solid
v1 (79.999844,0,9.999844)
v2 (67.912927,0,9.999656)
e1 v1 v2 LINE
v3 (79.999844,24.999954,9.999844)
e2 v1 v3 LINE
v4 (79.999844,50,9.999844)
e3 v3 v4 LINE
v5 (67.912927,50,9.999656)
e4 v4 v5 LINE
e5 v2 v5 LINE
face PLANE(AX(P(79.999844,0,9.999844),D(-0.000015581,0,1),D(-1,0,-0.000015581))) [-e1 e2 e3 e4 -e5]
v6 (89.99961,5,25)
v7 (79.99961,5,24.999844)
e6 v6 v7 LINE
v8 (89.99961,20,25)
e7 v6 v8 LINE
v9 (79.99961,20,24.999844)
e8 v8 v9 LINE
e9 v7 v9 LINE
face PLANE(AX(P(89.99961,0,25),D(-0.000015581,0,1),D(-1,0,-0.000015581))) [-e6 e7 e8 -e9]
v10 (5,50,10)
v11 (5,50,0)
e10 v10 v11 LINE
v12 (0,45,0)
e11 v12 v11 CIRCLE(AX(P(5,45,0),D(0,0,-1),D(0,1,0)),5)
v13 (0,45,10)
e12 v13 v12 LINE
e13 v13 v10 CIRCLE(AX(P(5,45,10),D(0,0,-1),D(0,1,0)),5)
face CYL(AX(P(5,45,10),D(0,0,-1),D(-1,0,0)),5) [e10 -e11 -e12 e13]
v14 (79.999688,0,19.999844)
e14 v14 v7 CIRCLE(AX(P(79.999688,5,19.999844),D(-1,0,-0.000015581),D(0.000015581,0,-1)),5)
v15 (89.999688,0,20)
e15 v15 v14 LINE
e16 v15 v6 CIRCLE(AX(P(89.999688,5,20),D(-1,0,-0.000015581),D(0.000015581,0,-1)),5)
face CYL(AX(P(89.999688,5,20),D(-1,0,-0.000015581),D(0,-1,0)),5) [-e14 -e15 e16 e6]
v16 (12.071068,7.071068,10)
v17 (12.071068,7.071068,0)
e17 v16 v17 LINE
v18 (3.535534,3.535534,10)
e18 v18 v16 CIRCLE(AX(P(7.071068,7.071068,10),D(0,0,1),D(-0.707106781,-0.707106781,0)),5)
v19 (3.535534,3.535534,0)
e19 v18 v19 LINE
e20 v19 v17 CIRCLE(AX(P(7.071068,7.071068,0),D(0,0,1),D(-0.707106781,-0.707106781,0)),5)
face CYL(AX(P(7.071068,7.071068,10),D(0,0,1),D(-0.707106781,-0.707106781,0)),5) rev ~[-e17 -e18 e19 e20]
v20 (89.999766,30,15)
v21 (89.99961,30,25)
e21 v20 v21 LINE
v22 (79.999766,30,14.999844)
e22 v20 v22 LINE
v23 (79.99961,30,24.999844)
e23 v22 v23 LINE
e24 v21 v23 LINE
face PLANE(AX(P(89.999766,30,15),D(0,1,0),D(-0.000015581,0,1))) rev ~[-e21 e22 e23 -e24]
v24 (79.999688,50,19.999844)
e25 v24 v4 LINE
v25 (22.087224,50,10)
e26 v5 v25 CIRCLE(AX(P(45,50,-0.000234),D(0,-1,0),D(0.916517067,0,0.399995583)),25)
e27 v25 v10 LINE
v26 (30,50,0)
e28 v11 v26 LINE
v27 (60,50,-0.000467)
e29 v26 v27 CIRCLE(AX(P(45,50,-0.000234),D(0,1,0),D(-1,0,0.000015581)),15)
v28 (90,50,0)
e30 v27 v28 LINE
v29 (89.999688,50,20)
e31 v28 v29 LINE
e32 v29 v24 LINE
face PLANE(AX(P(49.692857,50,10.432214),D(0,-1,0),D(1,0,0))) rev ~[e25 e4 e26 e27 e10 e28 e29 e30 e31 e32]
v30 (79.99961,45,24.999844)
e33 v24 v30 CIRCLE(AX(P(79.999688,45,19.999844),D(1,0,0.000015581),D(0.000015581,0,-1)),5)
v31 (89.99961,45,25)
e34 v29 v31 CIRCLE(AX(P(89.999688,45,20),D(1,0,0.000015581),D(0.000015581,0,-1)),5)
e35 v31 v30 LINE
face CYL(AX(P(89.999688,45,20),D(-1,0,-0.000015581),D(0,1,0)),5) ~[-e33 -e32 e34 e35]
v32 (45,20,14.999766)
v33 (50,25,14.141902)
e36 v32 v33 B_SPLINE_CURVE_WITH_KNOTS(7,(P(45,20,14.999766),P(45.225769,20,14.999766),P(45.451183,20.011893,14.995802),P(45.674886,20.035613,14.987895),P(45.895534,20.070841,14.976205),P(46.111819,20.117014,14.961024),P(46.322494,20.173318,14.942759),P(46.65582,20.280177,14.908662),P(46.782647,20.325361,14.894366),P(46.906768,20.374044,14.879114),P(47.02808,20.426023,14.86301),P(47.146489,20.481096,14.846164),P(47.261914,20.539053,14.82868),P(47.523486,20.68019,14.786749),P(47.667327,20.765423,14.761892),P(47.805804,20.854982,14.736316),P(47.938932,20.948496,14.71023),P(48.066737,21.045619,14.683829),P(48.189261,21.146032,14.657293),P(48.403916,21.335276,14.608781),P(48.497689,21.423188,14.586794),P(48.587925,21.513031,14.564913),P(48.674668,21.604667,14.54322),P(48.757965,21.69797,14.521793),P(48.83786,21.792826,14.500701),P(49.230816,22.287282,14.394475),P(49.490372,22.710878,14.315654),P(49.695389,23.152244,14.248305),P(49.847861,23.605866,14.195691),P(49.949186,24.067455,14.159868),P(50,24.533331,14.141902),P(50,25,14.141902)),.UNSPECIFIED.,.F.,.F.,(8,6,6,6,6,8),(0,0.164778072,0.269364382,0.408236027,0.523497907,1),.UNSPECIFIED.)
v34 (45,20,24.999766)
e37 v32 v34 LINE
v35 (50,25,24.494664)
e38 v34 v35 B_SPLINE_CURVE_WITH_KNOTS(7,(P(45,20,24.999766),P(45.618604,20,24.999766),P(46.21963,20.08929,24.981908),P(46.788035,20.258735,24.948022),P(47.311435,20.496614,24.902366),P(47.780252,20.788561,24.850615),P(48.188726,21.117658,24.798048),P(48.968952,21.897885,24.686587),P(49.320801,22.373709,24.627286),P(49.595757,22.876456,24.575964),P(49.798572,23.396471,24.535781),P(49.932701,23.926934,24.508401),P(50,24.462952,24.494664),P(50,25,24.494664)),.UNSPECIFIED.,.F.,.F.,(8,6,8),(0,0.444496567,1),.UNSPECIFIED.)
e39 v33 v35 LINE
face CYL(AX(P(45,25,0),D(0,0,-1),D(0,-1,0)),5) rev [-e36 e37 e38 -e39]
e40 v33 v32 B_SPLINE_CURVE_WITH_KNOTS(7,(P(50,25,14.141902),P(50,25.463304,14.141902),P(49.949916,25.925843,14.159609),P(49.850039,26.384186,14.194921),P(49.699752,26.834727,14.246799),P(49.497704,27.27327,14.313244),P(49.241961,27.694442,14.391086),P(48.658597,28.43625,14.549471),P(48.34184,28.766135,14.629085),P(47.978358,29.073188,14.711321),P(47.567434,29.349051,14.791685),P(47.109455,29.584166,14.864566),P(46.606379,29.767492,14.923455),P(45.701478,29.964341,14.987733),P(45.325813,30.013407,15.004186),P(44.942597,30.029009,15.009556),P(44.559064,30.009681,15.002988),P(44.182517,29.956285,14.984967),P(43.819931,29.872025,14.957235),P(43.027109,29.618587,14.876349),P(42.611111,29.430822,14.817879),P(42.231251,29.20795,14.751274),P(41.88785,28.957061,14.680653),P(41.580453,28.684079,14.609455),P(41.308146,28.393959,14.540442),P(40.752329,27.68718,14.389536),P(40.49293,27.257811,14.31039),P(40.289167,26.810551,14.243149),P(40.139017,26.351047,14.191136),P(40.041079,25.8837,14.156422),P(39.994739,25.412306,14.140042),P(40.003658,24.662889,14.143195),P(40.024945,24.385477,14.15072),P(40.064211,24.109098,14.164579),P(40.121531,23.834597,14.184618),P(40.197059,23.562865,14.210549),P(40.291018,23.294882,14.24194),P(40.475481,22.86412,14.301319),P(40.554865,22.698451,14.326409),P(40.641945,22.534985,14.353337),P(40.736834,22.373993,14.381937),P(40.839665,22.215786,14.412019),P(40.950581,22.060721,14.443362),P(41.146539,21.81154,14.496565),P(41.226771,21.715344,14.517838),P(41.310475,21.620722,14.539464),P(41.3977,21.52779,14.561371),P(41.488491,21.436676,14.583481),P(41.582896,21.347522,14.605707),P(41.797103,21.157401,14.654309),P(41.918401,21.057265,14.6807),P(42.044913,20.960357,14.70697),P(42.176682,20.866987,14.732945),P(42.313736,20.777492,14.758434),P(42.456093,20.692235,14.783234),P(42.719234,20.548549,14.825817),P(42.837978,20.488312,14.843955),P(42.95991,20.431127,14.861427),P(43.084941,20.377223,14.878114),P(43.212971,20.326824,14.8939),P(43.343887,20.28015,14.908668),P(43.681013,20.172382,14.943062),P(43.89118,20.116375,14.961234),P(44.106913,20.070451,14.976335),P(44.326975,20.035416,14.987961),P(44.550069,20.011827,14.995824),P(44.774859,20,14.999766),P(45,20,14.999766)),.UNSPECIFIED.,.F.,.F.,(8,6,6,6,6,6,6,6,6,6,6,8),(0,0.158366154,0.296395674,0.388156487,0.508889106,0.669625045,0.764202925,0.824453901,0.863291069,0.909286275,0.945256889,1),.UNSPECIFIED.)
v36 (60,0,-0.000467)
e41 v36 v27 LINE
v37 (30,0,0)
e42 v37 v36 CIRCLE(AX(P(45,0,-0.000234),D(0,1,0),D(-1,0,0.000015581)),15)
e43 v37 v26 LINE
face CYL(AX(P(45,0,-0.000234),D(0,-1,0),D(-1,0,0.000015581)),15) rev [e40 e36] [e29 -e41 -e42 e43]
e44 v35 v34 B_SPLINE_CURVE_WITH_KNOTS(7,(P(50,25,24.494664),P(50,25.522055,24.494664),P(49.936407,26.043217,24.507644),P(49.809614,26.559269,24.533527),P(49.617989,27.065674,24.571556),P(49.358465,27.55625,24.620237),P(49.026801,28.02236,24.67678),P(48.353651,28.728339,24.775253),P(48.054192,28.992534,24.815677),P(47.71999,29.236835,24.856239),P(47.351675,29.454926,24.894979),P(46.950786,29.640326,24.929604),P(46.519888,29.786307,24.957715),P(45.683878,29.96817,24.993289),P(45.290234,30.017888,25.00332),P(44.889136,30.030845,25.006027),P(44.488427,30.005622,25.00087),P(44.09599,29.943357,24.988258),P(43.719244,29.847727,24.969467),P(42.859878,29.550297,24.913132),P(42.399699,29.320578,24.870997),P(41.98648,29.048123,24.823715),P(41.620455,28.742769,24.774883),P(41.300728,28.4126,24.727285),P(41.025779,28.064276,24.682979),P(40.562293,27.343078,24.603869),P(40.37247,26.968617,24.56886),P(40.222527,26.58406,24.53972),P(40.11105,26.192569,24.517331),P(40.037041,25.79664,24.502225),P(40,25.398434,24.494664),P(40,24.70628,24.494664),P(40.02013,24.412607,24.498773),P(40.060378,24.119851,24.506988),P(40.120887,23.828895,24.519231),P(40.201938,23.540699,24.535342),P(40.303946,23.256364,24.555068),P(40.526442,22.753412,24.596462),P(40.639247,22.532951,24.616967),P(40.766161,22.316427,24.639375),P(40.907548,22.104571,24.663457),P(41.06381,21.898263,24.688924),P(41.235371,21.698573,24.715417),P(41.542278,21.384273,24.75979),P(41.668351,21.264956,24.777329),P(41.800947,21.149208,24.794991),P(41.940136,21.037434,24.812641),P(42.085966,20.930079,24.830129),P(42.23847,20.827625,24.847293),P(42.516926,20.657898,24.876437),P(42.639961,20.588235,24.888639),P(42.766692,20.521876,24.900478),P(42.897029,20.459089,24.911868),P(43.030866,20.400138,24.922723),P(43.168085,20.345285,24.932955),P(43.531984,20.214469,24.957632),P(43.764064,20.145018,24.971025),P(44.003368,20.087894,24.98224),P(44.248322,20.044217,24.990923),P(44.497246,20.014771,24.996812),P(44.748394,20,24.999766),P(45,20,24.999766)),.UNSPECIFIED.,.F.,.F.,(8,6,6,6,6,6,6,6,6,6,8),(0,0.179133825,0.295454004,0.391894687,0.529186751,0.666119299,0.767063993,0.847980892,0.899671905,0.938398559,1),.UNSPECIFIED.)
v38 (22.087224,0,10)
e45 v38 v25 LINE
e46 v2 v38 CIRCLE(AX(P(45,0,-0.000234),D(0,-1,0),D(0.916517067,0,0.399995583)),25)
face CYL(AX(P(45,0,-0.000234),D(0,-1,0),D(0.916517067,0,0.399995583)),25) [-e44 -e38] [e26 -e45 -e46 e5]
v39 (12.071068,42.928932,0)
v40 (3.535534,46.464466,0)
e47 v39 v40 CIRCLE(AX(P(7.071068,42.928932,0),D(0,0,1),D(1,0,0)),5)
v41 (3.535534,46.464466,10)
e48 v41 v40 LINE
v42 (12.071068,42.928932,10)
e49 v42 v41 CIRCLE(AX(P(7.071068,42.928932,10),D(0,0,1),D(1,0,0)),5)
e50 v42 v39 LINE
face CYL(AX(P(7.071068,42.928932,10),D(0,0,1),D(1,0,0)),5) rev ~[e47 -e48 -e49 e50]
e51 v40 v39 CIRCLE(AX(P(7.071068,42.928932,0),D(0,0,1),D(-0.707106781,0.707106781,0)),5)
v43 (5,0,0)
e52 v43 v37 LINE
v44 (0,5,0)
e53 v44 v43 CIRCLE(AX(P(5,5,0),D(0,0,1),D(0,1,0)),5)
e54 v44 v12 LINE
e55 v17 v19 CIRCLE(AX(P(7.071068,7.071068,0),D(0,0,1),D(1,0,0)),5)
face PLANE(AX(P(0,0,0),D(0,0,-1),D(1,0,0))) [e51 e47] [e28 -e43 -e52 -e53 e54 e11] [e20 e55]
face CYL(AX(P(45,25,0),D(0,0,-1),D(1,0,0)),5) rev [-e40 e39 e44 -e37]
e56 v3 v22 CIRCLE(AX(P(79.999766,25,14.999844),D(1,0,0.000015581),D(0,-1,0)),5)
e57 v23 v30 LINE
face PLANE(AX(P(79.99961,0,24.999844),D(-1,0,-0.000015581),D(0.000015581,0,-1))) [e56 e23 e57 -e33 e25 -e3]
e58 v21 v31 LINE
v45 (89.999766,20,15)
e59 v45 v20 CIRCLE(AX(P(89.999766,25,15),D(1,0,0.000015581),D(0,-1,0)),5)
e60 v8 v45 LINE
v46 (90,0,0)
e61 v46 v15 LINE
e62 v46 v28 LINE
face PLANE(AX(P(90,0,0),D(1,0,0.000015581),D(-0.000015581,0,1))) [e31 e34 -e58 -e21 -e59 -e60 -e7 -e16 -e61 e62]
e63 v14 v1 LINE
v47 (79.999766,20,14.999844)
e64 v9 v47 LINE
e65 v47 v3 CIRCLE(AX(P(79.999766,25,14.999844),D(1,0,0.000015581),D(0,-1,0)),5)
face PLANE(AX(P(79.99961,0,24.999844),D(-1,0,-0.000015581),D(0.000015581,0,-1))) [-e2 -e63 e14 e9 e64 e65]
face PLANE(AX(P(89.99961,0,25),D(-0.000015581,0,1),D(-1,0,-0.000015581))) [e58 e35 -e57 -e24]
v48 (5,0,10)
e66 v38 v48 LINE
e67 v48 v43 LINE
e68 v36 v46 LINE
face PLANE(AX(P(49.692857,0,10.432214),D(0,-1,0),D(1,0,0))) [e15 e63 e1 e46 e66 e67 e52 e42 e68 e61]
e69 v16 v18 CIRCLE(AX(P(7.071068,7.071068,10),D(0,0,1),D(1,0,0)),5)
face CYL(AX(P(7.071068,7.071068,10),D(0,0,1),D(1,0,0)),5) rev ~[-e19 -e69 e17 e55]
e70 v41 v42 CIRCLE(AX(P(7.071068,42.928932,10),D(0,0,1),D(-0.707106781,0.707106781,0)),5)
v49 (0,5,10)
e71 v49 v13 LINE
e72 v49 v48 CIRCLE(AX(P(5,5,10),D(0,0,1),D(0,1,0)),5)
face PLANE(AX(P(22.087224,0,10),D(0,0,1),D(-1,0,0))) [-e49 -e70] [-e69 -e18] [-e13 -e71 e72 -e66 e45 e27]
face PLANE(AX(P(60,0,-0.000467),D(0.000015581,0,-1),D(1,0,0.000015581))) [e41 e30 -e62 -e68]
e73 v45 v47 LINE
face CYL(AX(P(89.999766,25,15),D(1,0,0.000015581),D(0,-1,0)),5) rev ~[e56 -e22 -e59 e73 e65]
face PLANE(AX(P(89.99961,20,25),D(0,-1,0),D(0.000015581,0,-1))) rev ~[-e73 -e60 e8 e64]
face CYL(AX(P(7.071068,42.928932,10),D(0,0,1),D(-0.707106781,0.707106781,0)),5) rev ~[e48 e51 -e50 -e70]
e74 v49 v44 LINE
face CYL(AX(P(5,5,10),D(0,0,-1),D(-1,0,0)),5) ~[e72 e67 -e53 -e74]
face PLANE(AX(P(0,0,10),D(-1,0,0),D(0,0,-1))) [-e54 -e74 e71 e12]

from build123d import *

# Parameters (mm, degrees)
F1_DEPTH = 50
F3_DEPTH = 10
F5_DEPTH = 10
F7_DEPTH = 25.9997663884
F8_R     = 5
F9_R     = 5


with BuildPart() as f1:
    # F0 (on Front) → F1 (new body)
    with BuildSketch(Plane.XZ):
        with BuildLine():
            Line((0, 10), (0, 0))
            Line((0, 0), (30, 0))
            ThreePointArc((30.0000000018, 0), (45.0002337116, 14.9997662866), (59.9999999982, -0.0004674232))
            Line((60, -0.0004674232), (89.9999999964, 0))
            Line((89.9999999964, 0), (89.999610477, 24.999999997))
            Line((89.999610477, 24.999999997), (79.9996104782, 24.9998441892))
            Line((79.9996104782, 24.9998441892), (79.9998441898, 9.999844191))
            Line((79.9998441898, 9.999844191), (67.9129266661, 9.9996558675))
            ThreePointArc((67.9129266661, 9.9996558675), (45.0001877399, 24.9997662877), (22.0872235267, 10))
            Line((22.0872235267, 10), (0, 10))
        make_face()
    extrude(amount=-F1_DEPTH)

    # F2 (on face) → F3 (cut, through all)
    with BuildSketch(Plane(origin=(89.9999999745, 0, 0.0014022697), x_dir=(0, 1, 0), z_dir=(0.9999999999, 0, 1.55808e-05))):
        with BuildLine():
            Line((30, 24.9985977303), (20, 24.9985977303))
            Line((20, 24.9985977303), (20, 14.9985977303))
            ThreePointArc((20, 14.9985977303), (25, 9.9985977303), (30, 14.9985977303))
            Line((30, 14.9985977303), (30, 24.9985977303))
        make_face()
    extrude(amount=-F3_DEPTH, mode=Mode.SUBTRACT)

    # F4 (on face) → F5 (cut, through all)
    with BuildSketch(Plane.XY.offset(10)):
        with BuildLine():
            ThreePointArc((12.0710678119, 42.9289321881), (8.9844849737, 47.5483298507), (3.5355339059, 46.4644660941))
            ThreePointArc((3.5355339059, 46.4644660941), (5.15765065, 38.3095345256), (12.0710678119, 42.9289321881))
        make_face()
        with BuildLine():
            ThreePointArc((12.0710678119, 7.0710678119), (5.15765065, 11.6904654744), (3.5355339059, 3.5355339059))
            ThreePointArc((3.5355339059, 3.5355339059), (8.9844849737, 2.4516701493), (12.0710678119, 7.0710678119))
        make_face()
    extrude(amount=-F5_DEPTH, mode=Mode.SUBTRACT)

    # F6 (on Top) → F7 (cut, up to face)
    with BuildSketch(Plane.XY):
        with BuildLine():
            ThreePointArc((45, 20), (48.5355339059, 21.4644660941), (50, 25))
            ThreePointArc((50, 25), (41.4644660941, 28.5355339059), (45, 20))
        make_face()
    extrude(amount=F7_DEPTH, mode=Mode.SUBTRACT)

    # F8
    f8_edges = [f1.edges().sort_by_distance(p)[0] for p in [
        (0, 0, 5),
        (0, 50, 5),
    ]]
    fillet(f8_edges, radius=F8_R)

    # F9
    f9_edges = [f1.edges().sort_by_distance(p)[0] for p in [
        (84.99961, 0, 24.999922),
        (84.99961, 50, 24.999922),
    ]]
    fillet(f9_edges, radius=F9_R)


solid = f1.part
